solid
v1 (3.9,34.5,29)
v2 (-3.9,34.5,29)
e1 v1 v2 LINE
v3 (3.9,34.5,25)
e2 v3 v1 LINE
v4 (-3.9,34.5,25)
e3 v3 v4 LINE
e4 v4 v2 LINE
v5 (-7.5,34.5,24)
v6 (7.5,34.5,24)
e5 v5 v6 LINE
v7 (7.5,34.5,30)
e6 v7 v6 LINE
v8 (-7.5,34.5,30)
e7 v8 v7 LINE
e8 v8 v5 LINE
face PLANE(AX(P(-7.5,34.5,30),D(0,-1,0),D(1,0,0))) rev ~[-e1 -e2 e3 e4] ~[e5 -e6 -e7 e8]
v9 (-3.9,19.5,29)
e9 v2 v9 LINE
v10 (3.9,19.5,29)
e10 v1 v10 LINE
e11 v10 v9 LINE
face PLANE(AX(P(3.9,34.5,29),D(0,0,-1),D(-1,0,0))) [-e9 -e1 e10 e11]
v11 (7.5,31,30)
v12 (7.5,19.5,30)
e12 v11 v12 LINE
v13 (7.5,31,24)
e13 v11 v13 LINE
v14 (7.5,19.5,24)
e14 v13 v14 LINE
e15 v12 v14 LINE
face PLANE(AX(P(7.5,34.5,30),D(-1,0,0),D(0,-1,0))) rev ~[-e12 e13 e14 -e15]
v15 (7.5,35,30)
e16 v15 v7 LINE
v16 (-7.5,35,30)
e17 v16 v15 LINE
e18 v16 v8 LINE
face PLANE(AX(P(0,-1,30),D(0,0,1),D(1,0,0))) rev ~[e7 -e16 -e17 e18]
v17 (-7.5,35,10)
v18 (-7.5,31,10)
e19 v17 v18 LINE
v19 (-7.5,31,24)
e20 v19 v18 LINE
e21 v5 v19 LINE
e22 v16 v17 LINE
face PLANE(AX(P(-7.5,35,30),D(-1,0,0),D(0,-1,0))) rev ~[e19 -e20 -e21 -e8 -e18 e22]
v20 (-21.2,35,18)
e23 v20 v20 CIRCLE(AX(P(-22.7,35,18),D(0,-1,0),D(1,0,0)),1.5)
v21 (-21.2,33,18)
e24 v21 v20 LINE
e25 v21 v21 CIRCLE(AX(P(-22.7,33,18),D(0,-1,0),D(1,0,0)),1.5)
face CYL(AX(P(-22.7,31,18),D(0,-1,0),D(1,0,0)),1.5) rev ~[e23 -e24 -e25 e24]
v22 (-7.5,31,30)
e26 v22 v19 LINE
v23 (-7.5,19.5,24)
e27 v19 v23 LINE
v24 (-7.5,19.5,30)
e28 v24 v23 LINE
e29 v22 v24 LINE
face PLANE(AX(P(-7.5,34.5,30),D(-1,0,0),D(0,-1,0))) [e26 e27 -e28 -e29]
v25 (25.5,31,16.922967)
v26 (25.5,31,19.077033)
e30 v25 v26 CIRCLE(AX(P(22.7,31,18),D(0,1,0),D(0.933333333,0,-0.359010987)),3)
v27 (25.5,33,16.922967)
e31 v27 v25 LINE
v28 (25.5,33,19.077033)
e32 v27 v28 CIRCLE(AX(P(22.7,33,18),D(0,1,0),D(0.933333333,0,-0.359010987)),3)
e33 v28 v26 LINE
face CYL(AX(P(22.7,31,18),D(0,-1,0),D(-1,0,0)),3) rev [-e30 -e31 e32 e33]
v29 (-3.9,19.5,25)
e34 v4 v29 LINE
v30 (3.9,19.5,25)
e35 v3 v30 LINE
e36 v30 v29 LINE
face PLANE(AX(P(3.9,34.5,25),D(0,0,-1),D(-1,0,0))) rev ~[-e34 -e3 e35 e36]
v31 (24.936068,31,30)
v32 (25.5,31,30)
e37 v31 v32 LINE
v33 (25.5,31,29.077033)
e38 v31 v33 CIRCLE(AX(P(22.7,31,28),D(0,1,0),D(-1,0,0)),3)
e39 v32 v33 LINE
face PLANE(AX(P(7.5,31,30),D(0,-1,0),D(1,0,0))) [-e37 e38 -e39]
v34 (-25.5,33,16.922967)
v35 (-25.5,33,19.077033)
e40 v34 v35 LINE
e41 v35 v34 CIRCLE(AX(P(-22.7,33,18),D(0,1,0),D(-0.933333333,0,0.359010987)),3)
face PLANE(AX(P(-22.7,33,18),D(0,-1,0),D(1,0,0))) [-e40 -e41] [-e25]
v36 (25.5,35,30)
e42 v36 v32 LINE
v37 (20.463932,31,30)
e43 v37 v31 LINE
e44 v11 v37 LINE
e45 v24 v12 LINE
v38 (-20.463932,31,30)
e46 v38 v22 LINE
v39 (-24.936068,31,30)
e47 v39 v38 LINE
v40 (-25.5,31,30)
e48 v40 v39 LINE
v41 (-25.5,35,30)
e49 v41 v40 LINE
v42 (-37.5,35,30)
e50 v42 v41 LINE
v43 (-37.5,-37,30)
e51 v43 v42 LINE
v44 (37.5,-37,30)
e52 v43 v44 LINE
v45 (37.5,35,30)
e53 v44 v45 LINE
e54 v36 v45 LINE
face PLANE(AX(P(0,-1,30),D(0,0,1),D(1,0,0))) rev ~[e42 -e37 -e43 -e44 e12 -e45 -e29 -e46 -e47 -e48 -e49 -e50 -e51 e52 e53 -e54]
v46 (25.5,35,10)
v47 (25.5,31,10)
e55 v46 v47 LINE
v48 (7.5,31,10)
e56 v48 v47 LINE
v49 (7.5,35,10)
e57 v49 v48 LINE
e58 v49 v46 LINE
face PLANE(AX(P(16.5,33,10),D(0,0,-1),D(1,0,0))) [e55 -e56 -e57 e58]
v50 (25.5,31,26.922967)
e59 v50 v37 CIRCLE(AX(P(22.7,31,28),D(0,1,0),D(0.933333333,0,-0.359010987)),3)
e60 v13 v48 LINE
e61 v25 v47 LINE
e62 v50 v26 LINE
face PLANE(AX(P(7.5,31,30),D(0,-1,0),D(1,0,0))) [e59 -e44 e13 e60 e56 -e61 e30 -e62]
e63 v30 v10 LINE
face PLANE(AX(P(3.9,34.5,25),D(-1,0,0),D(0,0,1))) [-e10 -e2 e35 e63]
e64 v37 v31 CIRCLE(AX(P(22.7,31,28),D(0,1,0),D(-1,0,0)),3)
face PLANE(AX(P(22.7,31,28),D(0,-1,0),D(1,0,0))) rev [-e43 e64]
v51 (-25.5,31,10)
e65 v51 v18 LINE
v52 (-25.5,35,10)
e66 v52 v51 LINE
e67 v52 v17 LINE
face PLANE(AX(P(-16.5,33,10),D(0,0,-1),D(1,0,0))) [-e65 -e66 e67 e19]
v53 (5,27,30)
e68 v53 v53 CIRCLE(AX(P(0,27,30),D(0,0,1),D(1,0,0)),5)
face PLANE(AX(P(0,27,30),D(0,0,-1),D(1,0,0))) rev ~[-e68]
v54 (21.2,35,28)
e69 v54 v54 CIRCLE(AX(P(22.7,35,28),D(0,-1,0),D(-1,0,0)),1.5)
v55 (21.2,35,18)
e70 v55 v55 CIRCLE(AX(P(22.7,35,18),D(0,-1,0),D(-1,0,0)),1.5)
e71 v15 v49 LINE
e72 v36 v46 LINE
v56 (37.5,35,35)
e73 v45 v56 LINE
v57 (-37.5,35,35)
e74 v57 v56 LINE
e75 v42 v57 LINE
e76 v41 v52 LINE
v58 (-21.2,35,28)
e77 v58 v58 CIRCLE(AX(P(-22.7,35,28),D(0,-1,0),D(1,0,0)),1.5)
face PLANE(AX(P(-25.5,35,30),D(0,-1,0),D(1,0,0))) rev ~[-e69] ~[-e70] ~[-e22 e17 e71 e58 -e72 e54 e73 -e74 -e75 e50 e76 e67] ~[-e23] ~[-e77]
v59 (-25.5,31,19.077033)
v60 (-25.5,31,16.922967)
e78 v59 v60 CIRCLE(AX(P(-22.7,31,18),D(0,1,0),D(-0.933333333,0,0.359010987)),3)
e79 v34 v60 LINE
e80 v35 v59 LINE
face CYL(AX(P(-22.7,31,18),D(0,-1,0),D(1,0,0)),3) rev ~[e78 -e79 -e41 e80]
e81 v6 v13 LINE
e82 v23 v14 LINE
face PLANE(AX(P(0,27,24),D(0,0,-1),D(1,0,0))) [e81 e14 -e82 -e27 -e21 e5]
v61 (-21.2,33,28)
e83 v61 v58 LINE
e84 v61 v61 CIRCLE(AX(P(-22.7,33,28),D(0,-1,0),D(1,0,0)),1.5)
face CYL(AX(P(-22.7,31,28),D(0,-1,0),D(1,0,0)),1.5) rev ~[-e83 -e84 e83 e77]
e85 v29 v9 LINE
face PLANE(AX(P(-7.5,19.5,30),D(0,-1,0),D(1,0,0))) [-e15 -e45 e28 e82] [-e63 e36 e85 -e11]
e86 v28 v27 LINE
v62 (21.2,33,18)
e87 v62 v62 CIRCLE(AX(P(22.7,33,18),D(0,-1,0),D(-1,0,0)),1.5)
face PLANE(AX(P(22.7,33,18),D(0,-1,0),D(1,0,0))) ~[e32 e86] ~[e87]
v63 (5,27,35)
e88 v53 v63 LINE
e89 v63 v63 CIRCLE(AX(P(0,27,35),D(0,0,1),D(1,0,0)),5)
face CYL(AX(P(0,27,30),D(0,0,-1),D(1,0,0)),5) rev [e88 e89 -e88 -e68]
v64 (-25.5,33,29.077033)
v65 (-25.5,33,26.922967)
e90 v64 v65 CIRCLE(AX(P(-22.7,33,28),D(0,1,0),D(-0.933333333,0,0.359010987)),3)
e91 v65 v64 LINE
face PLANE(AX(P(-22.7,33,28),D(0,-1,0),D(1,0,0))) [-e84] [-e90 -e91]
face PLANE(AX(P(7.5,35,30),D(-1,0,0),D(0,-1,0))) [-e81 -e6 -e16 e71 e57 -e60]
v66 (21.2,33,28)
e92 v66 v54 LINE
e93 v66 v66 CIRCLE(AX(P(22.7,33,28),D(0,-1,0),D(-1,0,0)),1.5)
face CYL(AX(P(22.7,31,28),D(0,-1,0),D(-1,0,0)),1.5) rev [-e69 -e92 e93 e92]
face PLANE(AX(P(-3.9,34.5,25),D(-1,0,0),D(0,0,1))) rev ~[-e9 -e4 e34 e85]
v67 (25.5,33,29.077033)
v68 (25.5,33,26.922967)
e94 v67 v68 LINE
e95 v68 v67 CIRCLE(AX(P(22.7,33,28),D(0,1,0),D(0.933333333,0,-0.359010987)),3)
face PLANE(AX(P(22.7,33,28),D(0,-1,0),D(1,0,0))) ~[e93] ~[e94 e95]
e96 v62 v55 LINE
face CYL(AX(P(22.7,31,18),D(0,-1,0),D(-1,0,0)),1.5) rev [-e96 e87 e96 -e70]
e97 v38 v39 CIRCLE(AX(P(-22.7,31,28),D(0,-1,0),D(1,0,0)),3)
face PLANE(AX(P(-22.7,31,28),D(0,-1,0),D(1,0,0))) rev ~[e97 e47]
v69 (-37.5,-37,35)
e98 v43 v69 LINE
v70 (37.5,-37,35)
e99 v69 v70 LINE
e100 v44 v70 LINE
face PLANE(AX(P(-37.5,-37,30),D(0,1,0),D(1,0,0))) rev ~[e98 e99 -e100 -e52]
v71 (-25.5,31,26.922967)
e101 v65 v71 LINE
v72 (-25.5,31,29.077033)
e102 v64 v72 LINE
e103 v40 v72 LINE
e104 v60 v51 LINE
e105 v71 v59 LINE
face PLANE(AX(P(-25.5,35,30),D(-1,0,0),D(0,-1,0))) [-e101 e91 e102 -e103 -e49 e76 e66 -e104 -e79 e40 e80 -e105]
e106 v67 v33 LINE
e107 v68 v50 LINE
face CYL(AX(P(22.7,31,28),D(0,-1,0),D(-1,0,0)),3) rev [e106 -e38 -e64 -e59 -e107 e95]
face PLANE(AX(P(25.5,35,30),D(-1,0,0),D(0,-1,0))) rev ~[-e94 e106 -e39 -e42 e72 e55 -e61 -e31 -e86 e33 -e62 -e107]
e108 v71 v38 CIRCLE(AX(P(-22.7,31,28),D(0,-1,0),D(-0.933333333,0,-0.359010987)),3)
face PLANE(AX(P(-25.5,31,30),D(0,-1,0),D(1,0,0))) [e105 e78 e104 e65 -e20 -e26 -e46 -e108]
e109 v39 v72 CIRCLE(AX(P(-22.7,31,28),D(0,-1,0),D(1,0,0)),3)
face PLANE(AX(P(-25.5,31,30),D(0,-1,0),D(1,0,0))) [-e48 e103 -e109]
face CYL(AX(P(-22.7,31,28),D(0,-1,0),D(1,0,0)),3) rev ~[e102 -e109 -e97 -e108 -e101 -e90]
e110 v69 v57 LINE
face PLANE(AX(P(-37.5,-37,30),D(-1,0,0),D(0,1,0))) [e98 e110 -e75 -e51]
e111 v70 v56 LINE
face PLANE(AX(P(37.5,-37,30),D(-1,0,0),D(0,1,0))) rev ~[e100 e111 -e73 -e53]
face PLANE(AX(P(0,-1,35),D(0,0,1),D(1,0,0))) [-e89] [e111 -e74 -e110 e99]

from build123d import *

# Parameters (mm, degrees)
SKETCH074_W     = 75
SKETCH074_H     = 72
SKETCH074_R     = 5
PAD027_DEPTH    = 5
SKETCH076_W     = 15
SKETCH076_H     = 15
PAD029_DEPTH    = 6
SKETCH077_W     = 7.8
SKETCH077_H     = 4
POCKET047_DEPTH = 15
SKETCH086_W     = 18
SKETCH086_H     = 4
PAD033_DEPTH    = 20
SKETCH087_R     = 1.5
POCKET053_DEPTH = 5
SKETCH088_R     = 3
POCKET054_DEPTH = 2


with BuildPart() as part:
    # Sketch074 → Pad027 (new body)
    with BuildSketch(Plane.XY):
        with Locations((0, -1)):
            Rectangle(SKETCH074_W, SKETCH074_H)
        with Locations((0, 27)):
            Circle(SKETCH074_R, mode=Mode.SUBTRACT)
    extrude(amount=PAD027_DEPTH)

    # Sketch076 → Pad029 (join)
    with BuildSketch(Plane(origin=(0, 0, 0), x_dir=(1, 0, 0), z_dir=(0, 0, -1))):
        with Locations((0, -27)):
            Rectangle(SKETCH076_W, SKETCH076_H)
    extrude(amount=PAD029_DEPTH)

    # Sketch077 (on Face8 of Pad029) → Pocket047 (cut)
    with BuildSketch(Plane(origin=(0, 34.5, 0), x_dir=(-1, 0, 0), z_dir=(0, 1, 0))):
        with Locations((0, -3)):
            Rectangle(SKETCH077_W, SKETCH077_H)
    extrude(amount=-POCKET047_DEPTH, mode=Mode.SUBTRACT)

    # Sketch086 (on Face4 of Pocket047) → Pad033 (join)
    with BuildSketch(Plane(origin=(0, 0, 0), x_dir=(1, 0, 0), z_dir=(0, 0, -1))):
        with Locations((-16.5, -33)):
            Rectangle(SKETCH086_W, SKETCH086_H)
        with Locations((16.5, -33)):
            Rectangle(SKETCH086_W, SKETCH086_H)
    extrude(amount=PAD033_DEPTH)

    # Sketch087 (on Face15 of Pad033) → Pocket053 (cut)
    with BuildSketch(Plane.XZ.offset(-31)):
        with Locations((-22.7, -2)):
            Circle(SKETCH087_R)
        with Locations((-22.7, -12)):
            Circle(SKETCH087_R)
    pocket053 = extrude(amount=-POCKET053_DEPTH, mode=Mode.SUBTRACT)

    # Sketch088 (on Face15 of Pocket053) → Pocket054 (cut)
    with BuildSketch(Plane.XZ.offset(-31)):
        with Locations((-22.7, -2)):
            Circle(SKETCH088_R)
        with Locations((-22.7, -12)):
            Circle(SKETCH088_R)
    pocket054 = extrude(amount=-POCKET054_DEPTH, mode=Mode.SUBTRACT)

    # Mirrored004: Pocket053, Pocket054 across Sketch087 V_Axis
    add(pocket053.mirror(Plane(origin=(0, 31, 0), x_dir=(0, -1, 0), z_dir=(1, 0, 0))), mode=Mode.SUBTRACT)
    add(pocket054.mirror(Plane(origin=(0, 31, 0), x_dir=(0, -1, 0), z_dir=(1, 0, 0))), mode=Mode.SUBTRACT)


with BuildPart() as part_1:
    # Body010 placement: moved
    add(part.part.moved(Location((0, 0, 30))))


solid = part_1.part
